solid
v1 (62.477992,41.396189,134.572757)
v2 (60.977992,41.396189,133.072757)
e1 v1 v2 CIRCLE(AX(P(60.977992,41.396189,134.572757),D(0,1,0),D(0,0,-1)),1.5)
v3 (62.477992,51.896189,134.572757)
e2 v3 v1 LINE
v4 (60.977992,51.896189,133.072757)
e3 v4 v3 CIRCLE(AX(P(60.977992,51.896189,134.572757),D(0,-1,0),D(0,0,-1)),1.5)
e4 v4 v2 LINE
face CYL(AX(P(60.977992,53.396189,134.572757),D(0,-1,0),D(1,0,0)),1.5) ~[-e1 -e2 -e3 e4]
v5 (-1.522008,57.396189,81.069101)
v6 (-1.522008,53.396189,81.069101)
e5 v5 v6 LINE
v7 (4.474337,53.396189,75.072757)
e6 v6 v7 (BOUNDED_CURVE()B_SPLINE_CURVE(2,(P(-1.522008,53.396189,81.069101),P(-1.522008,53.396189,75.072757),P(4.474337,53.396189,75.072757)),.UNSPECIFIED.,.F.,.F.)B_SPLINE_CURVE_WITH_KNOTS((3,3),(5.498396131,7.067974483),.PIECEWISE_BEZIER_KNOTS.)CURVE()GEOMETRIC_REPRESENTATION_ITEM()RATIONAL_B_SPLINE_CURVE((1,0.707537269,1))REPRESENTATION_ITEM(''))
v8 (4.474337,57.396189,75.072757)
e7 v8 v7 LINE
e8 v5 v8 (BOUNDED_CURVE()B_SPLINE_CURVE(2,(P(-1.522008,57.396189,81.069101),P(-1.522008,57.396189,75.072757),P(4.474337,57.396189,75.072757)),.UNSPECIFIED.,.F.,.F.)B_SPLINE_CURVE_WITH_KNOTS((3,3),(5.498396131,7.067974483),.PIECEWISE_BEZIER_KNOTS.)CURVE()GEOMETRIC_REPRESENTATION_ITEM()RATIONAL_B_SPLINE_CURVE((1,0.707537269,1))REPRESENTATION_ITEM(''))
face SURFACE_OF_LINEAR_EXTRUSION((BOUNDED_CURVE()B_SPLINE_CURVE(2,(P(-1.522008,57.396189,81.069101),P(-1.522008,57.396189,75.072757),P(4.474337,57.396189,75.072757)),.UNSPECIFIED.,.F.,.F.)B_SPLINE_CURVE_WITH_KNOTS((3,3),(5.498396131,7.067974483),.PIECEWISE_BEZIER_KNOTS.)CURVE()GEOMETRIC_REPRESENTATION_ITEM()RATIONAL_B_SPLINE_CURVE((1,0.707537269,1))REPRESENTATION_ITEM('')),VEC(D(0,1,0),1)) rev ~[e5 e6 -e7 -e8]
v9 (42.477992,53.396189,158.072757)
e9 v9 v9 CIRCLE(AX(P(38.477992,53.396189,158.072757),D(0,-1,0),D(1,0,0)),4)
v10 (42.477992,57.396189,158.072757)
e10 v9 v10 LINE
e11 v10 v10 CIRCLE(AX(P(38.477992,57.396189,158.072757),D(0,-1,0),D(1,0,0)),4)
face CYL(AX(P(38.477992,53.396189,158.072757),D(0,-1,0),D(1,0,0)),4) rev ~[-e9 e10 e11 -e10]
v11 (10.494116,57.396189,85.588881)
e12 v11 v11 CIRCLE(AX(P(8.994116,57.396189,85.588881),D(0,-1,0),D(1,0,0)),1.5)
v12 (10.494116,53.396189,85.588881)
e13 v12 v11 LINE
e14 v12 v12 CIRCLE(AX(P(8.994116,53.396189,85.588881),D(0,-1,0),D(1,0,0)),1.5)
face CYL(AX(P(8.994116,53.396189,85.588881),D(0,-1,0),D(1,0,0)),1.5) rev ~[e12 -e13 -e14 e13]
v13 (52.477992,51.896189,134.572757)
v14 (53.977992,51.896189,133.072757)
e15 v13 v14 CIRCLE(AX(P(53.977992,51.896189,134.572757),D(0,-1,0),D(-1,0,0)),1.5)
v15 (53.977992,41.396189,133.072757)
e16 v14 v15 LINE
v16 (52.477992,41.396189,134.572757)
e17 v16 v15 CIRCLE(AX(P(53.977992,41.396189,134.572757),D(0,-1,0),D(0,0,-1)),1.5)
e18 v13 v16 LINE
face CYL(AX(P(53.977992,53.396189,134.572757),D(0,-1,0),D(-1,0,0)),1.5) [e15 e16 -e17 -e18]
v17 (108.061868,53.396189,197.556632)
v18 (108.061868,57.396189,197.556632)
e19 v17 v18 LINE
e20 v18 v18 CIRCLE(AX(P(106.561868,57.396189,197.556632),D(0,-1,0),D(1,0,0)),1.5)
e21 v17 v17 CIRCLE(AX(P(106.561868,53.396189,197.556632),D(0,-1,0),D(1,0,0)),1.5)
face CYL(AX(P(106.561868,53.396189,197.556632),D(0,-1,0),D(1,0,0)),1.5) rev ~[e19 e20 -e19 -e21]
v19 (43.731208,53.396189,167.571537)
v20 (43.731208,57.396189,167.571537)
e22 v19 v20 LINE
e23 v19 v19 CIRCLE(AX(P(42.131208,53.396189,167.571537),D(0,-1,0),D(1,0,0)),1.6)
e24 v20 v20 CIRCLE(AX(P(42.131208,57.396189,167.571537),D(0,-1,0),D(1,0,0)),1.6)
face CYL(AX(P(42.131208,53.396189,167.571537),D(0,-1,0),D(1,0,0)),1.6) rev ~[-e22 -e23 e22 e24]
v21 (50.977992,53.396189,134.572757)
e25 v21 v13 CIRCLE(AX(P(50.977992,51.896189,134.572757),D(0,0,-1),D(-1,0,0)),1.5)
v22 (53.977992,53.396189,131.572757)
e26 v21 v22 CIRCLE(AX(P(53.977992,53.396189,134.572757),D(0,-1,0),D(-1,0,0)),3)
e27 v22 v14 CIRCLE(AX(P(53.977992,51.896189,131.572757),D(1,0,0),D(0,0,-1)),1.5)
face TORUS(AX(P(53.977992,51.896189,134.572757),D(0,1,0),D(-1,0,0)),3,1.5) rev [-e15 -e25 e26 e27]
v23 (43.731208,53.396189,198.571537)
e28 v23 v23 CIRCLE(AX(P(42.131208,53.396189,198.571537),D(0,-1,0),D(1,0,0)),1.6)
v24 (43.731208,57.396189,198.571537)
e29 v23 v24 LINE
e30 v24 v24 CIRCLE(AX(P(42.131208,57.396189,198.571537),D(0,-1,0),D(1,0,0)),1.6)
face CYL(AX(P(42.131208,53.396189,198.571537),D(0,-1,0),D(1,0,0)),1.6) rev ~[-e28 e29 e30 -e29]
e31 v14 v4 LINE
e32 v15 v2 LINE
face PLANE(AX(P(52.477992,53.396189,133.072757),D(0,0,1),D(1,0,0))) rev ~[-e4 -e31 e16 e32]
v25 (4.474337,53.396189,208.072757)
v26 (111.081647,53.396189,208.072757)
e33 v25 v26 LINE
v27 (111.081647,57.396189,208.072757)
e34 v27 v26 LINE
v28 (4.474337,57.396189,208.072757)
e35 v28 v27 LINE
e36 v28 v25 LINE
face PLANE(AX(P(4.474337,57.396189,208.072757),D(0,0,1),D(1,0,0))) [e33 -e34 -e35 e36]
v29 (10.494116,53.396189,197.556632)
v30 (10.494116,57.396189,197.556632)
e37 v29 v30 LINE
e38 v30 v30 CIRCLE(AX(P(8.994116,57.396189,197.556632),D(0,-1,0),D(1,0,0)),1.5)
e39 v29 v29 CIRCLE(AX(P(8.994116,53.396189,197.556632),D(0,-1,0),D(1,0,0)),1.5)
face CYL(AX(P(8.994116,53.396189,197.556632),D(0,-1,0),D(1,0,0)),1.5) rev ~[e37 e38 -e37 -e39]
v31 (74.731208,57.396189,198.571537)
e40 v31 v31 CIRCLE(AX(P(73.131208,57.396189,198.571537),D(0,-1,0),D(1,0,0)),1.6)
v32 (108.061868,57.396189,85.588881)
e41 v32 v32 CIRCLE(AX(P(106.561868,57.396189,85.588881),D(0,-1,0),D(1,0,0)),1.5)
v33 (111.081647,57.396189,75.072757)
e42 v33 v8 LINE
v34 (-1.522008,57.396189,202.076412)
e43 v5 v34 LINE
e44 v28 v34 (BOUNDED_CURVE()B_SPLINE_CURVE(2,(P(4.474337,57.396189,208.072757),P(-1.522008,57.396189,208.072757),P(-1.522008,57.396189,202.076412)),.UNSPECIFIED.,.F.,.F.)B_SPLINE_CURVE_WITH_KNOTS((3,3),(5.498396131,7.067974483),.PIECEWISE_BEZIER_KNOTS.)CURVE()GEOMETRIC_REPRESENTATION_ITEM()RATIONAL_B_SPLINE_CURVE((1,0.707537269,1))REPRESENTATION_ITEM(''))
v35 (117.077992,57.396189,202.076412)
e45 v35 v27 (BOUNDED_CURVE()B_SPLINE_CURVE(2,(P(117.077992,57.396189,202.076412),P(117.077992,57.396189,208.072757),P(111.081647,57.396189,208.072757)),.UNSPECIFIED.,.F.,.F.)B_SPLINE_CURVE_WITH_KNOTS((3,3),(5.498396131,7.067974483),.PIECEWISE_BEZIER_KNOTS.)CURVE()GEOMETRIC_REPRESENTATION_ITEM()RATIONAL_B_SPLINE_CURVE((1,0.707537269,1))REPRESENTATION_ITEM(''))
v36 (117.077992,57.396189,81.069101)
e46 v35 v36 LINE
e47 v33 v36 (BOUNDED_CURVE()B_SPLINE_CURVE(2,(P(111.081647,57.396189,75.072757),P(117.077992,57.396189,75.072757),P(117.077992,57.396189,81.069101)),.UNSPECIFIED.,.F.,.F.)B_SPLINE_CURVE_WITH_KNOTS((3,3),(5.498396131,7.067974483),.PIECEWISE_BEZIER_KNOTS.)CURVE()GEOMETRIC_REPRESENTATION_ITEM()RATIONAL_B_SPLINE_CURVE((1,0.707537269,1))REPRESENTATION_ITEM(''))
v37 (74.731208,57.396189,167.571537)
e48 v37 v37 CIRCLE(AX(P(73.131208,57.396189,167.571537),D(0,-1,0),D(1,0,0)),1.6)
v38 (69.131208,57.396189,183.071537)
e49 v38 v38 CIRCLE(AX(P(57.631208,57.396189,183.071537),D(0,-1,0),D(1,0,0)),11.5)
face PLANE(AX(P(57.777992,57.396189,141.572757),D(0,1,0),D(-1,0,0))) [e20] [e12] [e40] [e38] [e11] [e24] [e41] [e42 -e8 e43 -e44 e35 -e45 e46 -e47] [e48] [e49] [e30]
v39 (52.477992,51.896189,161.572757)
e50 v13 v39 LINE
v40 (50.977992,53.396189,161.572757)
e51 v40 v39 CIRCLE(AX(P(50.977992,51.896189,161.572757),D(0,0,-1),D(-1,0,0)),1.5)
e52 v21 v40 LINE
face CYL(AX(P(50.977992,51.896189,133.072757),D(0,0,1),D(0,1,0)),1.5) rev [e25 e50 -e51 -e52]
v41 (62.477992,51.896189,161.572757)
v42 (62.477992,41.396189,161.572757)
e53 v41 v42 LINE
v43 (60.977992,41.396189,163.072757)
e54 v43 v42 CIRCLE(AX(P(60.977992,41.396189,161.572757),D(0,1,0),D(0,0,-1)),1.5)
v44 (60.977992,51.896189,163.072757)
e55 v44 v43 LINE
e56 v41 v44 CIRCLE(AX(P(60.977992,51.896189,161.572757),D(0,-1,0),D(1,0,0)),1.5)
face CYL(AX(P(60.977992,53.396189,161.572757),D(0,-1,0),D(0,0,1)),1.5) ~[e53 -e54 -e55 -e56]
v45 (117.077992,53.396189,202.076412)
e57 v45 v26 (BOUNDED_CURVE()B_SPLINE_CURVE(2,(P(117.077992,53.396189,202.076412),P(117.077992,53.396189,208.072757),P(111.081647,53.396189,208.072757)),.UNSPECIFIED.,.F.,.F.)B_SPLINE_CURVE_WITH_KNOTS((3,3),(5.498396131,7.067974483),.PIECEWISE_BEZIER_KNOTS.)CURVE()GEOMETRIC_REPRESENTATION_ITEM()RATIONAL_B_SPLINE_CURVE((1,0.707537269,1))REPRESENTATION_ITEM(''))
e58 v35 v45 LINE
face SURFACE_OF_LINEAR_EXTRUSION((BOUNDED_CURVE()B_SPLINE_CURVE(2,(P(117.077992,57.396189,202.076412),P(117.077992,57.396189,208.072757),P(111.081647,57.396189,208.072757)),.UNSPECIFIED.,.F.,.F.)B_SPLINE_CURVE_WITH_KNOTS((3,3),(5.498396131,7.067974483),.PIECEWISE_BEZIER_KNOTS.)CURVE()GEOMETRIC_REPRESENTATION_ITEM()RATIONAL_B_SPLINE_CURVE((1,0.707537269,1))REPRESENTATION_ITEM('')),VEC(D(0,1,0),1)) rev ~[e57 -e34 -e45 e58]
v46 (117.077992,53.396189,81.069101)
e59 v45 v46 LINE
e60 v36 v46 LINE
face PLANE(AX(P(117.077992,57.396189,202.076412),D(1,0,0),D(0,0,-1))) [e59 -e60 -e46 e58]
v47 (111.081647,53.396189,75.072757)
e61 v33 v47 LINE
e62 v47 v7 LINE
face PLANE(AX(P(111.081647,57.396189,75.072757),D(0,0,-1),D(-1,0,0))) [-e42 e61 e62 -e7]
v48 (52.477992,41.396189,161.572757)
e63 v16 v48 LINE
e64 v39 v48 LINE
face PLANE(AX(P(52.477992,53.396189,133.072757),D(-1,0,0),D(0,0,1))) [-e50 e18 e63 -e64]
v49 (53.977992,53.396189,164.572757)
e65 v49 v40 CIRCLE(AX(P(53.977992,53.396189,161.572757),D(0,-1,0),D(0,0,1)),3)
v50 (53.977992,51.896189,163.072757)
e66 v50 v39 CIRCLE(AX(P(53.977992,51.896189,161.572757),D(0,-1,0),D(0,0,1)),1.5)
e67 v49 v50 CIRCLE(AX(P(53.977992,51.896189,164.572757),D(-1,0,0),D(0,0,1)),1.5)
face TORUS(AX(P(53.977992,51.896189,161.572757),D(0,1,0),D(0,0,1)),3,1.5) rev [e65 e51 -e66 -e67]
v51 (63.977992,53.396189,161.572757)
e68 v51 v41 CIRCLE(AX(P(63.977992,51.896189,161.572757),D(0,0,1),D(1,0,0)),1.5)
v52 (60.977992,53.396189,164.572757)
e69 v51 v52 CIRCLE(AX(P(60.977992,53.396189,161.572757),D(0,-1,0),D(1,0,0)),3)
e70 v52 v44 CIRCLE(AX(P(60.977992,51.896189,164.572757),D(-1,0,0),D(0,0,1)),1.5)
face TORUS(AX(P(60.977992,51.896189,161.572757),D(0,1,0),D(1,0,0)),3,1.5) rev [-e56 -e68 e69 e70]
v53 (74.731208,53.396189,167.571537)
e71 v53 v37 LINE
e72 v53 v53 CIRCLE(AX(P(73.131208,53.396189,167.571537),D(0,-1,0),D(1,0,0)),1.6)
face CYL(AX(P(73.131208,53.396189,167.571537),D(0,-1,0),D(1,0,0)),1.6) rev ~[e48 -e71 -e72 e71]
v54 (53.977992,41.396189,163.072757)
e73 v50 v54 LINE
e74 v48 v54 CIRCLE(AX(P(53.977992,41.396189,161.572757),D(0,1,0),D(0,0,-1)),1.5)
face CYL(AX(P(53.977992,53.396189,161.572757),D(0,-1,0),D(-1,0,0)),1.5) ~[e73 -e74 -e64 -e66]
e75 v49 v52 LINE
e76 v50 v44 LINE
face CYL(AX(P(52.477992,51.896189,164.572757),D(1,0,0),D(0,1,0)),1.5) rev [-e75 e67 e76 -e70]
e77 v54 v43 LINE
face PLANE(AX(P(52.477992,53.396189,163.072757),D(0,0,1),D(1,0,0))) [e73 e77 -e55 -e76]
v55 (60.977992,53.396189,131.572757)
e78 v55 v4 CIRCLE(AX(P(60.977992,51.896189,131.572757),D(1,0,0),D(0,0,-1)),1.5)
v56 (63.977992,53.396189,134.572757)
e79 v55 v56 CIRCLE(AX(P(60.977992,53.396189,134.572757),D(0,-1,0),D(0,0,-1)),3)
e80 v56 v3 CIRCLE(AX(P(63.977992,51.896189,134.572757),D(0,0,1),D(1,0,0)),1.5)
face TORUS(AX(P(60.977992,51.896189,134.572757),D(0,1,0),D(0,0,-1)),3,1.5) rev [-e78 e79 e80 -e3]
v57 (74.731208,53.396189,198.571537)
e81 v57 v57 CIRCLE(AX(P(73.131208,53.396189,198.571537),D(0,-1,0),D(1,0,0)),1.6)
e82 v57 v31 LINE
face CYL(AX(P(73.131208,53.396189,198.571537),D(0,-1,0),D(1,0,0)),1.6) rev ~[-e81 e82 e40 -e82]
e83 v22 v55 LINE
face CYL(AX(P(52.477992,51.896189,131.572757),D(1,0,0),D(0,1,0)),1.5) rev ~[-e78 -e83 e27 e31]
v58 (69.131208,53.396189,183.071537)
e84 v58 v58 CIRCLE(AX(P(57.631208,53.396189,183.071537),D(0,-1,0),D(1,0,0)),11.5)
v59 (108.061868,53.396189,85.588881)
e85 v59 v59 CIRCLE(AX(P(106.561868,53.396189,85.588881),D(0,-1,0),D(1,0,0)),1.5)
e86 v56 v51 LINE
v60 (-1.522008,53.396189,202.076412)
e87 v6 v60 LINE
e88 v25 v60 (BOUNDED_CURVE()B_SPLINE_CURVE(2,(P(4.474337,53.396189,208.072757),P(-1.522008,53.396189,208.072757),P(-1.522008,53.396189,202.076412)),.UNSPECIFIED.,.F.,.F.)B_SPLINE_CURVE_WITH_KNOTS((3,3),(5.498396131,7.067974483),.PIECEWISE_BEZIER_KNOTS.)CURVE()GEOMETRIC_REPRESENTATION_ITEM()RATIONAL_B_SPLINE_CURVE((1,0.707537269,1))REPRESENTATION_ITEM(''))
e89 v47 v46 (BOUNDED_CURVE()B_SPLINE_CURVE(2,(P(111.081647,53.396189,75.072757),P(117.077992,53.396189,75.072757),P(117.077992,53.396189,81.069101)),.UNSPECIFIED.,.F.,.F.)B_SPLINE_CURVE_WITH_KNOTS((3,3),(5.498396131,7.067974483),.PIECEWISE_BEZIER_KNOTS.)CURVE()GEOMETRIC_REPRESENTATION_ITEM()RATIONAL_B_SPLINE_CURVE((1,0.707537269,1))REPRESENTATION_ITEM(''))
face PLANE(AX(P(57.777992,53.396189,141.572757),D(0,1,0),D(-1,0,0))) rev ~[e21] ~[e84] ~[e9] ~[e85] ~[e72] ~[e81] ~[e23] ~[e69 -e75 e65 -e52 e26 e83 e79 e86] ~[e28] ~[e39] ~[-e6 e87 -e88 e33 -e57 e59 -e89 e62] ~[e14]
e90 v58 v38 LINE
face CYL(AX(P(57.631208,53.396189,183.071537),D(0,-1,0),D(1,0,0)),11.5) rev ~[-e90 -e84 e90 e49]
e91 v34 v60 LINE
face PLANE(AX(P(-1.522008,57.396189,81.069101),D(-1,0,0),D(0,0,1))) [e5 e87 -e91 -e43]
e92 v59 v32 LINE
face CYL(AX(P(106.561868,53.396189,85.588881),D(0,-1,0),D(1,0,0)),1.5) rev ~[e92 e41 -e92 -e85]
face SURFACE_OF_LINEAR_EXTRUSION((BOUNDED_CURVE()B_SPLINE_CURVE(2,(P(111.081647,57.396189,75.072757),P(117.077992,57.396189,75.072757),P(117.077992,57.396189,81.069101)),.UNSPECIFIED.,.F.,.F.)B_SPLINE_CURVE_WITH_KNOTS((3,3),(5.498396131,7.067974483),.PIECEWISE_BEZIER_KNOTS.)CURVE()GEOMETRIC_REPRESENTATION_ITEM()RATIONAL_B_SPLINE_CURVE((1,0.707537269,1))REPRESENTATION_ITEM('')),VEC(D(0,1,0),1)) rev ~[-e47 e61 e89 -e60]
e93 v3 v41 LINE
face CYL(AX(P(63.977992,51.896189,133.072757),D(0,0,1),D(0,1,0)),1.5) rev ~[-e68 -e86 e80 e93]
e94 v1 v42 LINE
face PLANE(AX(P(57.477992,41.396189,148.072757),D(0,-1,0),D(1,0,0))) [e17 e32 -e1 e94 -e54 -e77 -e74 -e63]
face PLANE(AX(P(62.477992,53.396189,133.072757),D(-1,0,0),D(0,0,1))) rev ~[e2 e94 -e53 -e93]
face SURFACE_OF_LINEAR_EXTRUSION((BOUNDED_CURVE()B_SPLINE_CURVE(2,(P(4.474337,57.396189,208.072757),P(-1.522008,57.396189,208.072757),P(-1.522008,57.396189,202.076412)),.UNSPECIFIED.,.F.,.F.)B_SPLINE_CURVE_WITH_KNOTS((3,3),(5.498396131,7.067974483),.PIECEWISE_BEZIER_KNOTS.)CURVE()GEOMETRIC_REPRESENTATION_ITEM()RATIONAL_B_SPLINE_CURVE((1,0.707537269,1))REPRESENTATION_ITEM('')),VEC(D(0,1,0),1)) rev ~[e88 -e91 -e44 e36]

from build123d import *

# Parameters (mm, degrees)
BOSS_EXTRUDE1_DEPTH = 4
CUT_EXTRUDE1_REACH  = 6
SKETCH2_R           = 11.5
SKETCH2_R_2         = 1.6
CUT_EXTRUDE2_REACH  = 6
SKETCH4_R           = 1.5
SKETCH5_W           = 10
SKETCH5_H           = 30
BOSS_EXTRUDE2_DEPTH = 12
FILLET1_R           = 1.5
CUT_EXTRUDE3_REACH  = 6
SKETCH6_R           = 4


with BuildPart() as part:
    # Sketch1 → Boss-Extrude1 (new body)
    with BuildSketch(Plane.XZ.offset(-57.396189287)):
        with BuildLine():
            Line((117.077991716, 202.076411562), (117.077991716, 81.069101486))
            add(Edge.make_bspline(
                [(111.081646754, 75.072756524), (117.077991716, 75.072756524), (117.077991716, 81.069101486)],
                knots=[5.498396131, 5.498396131, 5.498396131, 7.067974483, 7.067974483, 7.067974483], degree=2, weights=[1, 0.707537269, 1]))
            Line((111.081646754, 75.072756524), (4.474336679, 75.072756524))
            add(Edge.make_bspline(
                [(-1.522008284, 81.069101486), (-1.522008284, 75.072756524), (4.474336679, 75.072756524)],
                knots=[5.498396131, 5.498396131, 5.498396131, 7.067974483, 7.067974483, 7.067974483], degree=2, weights=[1, 0.707537269, 1]))
            Line((-1.522008284, 81.069101486), (-1.522008284, 202.076411562))
            add(Edge.make_bspline(
                [(4.474336679, 208.072756524), (-1.522008284, 208.072756524), (-1.522008284, 202.076411562)],
                knots=[5.498396131, 5.498396131, 5.498396131, 7.067974483, 7.067974483, 7.067974483], degree=2, weights=[1, 0.707537269, 1]))
            Line((4.474336679, 208.072756524), (111.081646754, 208.072756524))
            add(Edge.make_bspline(
                [(117.077991716, 202.076411562), (117.077991716, 208.072756524), (111.081646754, 208.072756524)],
                knots=[5.498396131, 5.498396131, 5.498396131, 7.067974483, 7.067974483, 7.067974483], degree=2, weights=[1, 0.707537269, 1]))
        make_face()
    extrude(amount=BOSS_EXTRUDE1_DEPTH)

    # Sketch2 → Cut-Extrude1 (cut, up to next)
    with BuildSketch(Plane.XZ.offset(-53.396189287), mode=Mode.PRIVATE) as cut_extrude1_sk1:
        with Locations((57.631208462, 183.071537466)):
            Circle(SKETCH2_R)
    cut_extrude1_tool1 = extrude(cut_extrude1_sk1.sketch, amount=-CUT_EXTRUDE1_REACH, mode=Mode.PRIVATE) & part.part
    add(cut_extrude1_tool1.solids().sort_by_distance((57.631208, 53.396189, 183.071537))[0], mode=Mode.SUBTRACT)
    # Sketch2 → Cut-Extrude1 (cut, up to next)
    with BuildSketch(Plane.XZ.offset(-53.396189287), mode=Mode.PRIVATE) as cut_extrude1_sk2:
        with Locations((73.131208462, 198.571537436)):
            Circle(SKETCH2_R_2)
    cut_extrude1_tool2 = extrude(cut_extrude1_sk2.sketch, amount=-CUT_EXTRUDE1_REACH, mode=Mode.PRIVATE) & part.part
    add(cut_extrude1_tool2.solids().sort_by_distance((73.131208, 53.396189, 198.571537))[0], mode=Mode.SUBTRACT)
    # Sketch2 → Cut-Extrude1 (cut, up to next)
    with BuildSketch(Plane.XZ.offset(-53.396189287), mode=Mode.PRIVATE) as cut_extrude1_sk3:
        with Locations((42.131208462, 198.571537436)):
            Circle(SKETCH2_R_2)
    cut_extrude1_tool3 = extrude(cut_extrude1_sk3.sketch, amount=-CUT_EXTRUDE1_REACH, mode=Mode.PRIVATE) & part.part
    add(cut_extrude1_tool3.solids().sort_by_distance((42.131208, 53.396189, 198.571537))[0], mode=Mode.SUBTRACT)
    # Sketch2 → Cut-Extrude1 (cut, up to next)
    with BuildSketch(Plane.XZ.offset(-53.396189287), mode=Mode.PRIVATE) as cut_extrude1_sk4:
        with Locations((42.131208462, 167.571537436)):
            Circle(SKETCH2_R_2)
    cut_extrude1_tool4 = extrude(cut_extrude1_sk4.sketch, amount=-CUT_EXTRUDE1_REACH, mode=Mode.PRIVATE) & part.part
    add(cut_extrude1_tool4.solids().sort_by_distance((42.131208, 53.396189, 167.571537))[0], mode=Mode.SUBTRACT)
    # Sketch2 → Cut-Extrude1 (cut, up to next)
    with BuildSketch(Plane.XZ.offset(-53.396189287), mode=Mode.PRIVATE) as cut_extrude1_sk5:
        with Locations((73.131208462, 167.571537436)):
            Circle(SKETCH2_R_2)
    cut_extrude1_tool5 = extrude(cut_extrude1_sk5.sketch, amount=-CUT_EXTRUDE1_REACH, mode=Mode.PRIVATE) & part.part
    add(cut_extrude1_tool5.solids().sort_by_distance((73.131208, 53.396189, 167.571537))[0], mode=Mode.SUBTRACT)

    # Sketch4 → Cut-Extrude2 (cut, up to next)
    with BuildSketch(Plane.XZ.offset(-53.396189287), mode=Mode.PRIVATE) as cut_extrude2_sk1:
        with Locations((8.994115753, 197.556632488)):
            Circle(SKETCH4_R)
    cut_extrude2_tool1 = extrude(cut_extrude2_sk1.sketch, amount=-CUT_EXTRUDE2_REACH, mode=Mode.PRIVATE) & part.part
    add(cut_extrude2_tool1.solids().sort_by_distance((8.994116, 53.396189, 197.556632))[0], mode=Mode.SUBTRACT)
    # Sketch4 → Cut-Extrude2 (cut, up to next)
    with BuildSketch(Plane.XZ.offset(-53.396189287), mode=Mode.PRIVATE) as cut_extrude2_sk2:
        with Locations((106.56186768, 197.556632488)):
            Circle(SKETCH4_R)
    cut_extrude2_tool2 = extrude(cut_extrude2_sk2.sketch, amount=-CUT_EXTRUDE2_REACH, mode=Mode.PRIVATE) & part.part
    add(cut_extrude2_tool2.solids().sort_by_distance((106.561868, 53.396189, 197.556632))[0], mode=Mode.SUBTRACT)
    # Sketch4 → Cut-Extrude2 (cut, up to next)
    with BuildSketch(Plane.XZ.offset(-53.396189287), mode=Mode.PRIVATE) as cut_extrude2_sk3:
        with Locations((8.994115753, 85.588880561)):
            Circle(SKETCH4_R)
    cut_extrude2_tool3 = extrude(cut_extrude2_sk3.sketch, amount=-CUT_EXTRUDE2_REACH, mode=Mode.PRIVATE) & part.part
    add(cut_extrude2_tool3.solids().sort_by_distance((8.994116, 53.396189, 85.588881))[0], mode=Mode.SUBTRACT)
    # Sketch4 → Cut-Extrude2 (cut, up to next)
    with BuildSketch(Plane.XZ.offset(-53.396189287), mode=Mode.PRIVATE) as cut_extrude2_sk4:
        with Locations((106.56186768, 85.588880561)):
            Circle(SKETCH4_R)
    cut_extrude2_tool4 = extrude(cut_extrude2_sk4.sketch, amount=-CUT_EXTRUDE2_REACH, mode=Mode.PRIVATE) & part.part
    add(cut_extrude2_tool4.solids().sort_by_distance((106.561868, 53.396189, 85.588881))[0], mode=Mode.SUBTRACT)

    # Sketch5 → Boss-Extrude2 (add)
    with BuildSketch(Plane.XZ.offset(-53.396189287)):
        with Locations((57.477991716, 148.072756524)):
            Rectangle(SKETCH5_W, SKETCH5_H)
    extrude(amount=BOSS_EXTRUDE2_DEPTH)

    # Fillet1
    fillet1_edges = [part.edges().sort_by_distance(p)[0] for p in [
        (52.477991716, 53.396189287, 148.072756524),
        (52.477991716, 47.396189287, 163.072756524),
        (57.477991716, 53.396189287, 133.072756524),
        (52.477991716, 47.396189287, 133.072756524),
        (62.477991716, 53.396189287, 148.072756524),
        (62.477991716, 47.396189287, 133.072756524),
        (57.477991716, 53.396189287, 163.072756524),
        (62.477991716, 47.396189287, 163.072756524),
    ]]
    fillet(fillet1_edges, radius=FILLET1_R)

    # Sketch6 → Cut-Extrude3 (cut, up to next)
    with BuildSketch(Plane.XZ.offset(-53.396189287), mode=Mode.PRIVATE) as cut_extrude3_sk1:
        with Locations((38.477991716, 158.072756524)):
            Circle(SKETCH6_R)
    cut_extrude3_tool1 = extrude(cut_extrude3_sk1.sketch, amount=-CUT_EXTRUDE3_REACH, mode=Mode.PRIVATE) & part.part
    add(cut_extrude3_tool1.solids().sort_by_distance((38.477992, 53.396189, 158.072757))[0], mode=Mode.SUBTRACT)


solid = part.part
